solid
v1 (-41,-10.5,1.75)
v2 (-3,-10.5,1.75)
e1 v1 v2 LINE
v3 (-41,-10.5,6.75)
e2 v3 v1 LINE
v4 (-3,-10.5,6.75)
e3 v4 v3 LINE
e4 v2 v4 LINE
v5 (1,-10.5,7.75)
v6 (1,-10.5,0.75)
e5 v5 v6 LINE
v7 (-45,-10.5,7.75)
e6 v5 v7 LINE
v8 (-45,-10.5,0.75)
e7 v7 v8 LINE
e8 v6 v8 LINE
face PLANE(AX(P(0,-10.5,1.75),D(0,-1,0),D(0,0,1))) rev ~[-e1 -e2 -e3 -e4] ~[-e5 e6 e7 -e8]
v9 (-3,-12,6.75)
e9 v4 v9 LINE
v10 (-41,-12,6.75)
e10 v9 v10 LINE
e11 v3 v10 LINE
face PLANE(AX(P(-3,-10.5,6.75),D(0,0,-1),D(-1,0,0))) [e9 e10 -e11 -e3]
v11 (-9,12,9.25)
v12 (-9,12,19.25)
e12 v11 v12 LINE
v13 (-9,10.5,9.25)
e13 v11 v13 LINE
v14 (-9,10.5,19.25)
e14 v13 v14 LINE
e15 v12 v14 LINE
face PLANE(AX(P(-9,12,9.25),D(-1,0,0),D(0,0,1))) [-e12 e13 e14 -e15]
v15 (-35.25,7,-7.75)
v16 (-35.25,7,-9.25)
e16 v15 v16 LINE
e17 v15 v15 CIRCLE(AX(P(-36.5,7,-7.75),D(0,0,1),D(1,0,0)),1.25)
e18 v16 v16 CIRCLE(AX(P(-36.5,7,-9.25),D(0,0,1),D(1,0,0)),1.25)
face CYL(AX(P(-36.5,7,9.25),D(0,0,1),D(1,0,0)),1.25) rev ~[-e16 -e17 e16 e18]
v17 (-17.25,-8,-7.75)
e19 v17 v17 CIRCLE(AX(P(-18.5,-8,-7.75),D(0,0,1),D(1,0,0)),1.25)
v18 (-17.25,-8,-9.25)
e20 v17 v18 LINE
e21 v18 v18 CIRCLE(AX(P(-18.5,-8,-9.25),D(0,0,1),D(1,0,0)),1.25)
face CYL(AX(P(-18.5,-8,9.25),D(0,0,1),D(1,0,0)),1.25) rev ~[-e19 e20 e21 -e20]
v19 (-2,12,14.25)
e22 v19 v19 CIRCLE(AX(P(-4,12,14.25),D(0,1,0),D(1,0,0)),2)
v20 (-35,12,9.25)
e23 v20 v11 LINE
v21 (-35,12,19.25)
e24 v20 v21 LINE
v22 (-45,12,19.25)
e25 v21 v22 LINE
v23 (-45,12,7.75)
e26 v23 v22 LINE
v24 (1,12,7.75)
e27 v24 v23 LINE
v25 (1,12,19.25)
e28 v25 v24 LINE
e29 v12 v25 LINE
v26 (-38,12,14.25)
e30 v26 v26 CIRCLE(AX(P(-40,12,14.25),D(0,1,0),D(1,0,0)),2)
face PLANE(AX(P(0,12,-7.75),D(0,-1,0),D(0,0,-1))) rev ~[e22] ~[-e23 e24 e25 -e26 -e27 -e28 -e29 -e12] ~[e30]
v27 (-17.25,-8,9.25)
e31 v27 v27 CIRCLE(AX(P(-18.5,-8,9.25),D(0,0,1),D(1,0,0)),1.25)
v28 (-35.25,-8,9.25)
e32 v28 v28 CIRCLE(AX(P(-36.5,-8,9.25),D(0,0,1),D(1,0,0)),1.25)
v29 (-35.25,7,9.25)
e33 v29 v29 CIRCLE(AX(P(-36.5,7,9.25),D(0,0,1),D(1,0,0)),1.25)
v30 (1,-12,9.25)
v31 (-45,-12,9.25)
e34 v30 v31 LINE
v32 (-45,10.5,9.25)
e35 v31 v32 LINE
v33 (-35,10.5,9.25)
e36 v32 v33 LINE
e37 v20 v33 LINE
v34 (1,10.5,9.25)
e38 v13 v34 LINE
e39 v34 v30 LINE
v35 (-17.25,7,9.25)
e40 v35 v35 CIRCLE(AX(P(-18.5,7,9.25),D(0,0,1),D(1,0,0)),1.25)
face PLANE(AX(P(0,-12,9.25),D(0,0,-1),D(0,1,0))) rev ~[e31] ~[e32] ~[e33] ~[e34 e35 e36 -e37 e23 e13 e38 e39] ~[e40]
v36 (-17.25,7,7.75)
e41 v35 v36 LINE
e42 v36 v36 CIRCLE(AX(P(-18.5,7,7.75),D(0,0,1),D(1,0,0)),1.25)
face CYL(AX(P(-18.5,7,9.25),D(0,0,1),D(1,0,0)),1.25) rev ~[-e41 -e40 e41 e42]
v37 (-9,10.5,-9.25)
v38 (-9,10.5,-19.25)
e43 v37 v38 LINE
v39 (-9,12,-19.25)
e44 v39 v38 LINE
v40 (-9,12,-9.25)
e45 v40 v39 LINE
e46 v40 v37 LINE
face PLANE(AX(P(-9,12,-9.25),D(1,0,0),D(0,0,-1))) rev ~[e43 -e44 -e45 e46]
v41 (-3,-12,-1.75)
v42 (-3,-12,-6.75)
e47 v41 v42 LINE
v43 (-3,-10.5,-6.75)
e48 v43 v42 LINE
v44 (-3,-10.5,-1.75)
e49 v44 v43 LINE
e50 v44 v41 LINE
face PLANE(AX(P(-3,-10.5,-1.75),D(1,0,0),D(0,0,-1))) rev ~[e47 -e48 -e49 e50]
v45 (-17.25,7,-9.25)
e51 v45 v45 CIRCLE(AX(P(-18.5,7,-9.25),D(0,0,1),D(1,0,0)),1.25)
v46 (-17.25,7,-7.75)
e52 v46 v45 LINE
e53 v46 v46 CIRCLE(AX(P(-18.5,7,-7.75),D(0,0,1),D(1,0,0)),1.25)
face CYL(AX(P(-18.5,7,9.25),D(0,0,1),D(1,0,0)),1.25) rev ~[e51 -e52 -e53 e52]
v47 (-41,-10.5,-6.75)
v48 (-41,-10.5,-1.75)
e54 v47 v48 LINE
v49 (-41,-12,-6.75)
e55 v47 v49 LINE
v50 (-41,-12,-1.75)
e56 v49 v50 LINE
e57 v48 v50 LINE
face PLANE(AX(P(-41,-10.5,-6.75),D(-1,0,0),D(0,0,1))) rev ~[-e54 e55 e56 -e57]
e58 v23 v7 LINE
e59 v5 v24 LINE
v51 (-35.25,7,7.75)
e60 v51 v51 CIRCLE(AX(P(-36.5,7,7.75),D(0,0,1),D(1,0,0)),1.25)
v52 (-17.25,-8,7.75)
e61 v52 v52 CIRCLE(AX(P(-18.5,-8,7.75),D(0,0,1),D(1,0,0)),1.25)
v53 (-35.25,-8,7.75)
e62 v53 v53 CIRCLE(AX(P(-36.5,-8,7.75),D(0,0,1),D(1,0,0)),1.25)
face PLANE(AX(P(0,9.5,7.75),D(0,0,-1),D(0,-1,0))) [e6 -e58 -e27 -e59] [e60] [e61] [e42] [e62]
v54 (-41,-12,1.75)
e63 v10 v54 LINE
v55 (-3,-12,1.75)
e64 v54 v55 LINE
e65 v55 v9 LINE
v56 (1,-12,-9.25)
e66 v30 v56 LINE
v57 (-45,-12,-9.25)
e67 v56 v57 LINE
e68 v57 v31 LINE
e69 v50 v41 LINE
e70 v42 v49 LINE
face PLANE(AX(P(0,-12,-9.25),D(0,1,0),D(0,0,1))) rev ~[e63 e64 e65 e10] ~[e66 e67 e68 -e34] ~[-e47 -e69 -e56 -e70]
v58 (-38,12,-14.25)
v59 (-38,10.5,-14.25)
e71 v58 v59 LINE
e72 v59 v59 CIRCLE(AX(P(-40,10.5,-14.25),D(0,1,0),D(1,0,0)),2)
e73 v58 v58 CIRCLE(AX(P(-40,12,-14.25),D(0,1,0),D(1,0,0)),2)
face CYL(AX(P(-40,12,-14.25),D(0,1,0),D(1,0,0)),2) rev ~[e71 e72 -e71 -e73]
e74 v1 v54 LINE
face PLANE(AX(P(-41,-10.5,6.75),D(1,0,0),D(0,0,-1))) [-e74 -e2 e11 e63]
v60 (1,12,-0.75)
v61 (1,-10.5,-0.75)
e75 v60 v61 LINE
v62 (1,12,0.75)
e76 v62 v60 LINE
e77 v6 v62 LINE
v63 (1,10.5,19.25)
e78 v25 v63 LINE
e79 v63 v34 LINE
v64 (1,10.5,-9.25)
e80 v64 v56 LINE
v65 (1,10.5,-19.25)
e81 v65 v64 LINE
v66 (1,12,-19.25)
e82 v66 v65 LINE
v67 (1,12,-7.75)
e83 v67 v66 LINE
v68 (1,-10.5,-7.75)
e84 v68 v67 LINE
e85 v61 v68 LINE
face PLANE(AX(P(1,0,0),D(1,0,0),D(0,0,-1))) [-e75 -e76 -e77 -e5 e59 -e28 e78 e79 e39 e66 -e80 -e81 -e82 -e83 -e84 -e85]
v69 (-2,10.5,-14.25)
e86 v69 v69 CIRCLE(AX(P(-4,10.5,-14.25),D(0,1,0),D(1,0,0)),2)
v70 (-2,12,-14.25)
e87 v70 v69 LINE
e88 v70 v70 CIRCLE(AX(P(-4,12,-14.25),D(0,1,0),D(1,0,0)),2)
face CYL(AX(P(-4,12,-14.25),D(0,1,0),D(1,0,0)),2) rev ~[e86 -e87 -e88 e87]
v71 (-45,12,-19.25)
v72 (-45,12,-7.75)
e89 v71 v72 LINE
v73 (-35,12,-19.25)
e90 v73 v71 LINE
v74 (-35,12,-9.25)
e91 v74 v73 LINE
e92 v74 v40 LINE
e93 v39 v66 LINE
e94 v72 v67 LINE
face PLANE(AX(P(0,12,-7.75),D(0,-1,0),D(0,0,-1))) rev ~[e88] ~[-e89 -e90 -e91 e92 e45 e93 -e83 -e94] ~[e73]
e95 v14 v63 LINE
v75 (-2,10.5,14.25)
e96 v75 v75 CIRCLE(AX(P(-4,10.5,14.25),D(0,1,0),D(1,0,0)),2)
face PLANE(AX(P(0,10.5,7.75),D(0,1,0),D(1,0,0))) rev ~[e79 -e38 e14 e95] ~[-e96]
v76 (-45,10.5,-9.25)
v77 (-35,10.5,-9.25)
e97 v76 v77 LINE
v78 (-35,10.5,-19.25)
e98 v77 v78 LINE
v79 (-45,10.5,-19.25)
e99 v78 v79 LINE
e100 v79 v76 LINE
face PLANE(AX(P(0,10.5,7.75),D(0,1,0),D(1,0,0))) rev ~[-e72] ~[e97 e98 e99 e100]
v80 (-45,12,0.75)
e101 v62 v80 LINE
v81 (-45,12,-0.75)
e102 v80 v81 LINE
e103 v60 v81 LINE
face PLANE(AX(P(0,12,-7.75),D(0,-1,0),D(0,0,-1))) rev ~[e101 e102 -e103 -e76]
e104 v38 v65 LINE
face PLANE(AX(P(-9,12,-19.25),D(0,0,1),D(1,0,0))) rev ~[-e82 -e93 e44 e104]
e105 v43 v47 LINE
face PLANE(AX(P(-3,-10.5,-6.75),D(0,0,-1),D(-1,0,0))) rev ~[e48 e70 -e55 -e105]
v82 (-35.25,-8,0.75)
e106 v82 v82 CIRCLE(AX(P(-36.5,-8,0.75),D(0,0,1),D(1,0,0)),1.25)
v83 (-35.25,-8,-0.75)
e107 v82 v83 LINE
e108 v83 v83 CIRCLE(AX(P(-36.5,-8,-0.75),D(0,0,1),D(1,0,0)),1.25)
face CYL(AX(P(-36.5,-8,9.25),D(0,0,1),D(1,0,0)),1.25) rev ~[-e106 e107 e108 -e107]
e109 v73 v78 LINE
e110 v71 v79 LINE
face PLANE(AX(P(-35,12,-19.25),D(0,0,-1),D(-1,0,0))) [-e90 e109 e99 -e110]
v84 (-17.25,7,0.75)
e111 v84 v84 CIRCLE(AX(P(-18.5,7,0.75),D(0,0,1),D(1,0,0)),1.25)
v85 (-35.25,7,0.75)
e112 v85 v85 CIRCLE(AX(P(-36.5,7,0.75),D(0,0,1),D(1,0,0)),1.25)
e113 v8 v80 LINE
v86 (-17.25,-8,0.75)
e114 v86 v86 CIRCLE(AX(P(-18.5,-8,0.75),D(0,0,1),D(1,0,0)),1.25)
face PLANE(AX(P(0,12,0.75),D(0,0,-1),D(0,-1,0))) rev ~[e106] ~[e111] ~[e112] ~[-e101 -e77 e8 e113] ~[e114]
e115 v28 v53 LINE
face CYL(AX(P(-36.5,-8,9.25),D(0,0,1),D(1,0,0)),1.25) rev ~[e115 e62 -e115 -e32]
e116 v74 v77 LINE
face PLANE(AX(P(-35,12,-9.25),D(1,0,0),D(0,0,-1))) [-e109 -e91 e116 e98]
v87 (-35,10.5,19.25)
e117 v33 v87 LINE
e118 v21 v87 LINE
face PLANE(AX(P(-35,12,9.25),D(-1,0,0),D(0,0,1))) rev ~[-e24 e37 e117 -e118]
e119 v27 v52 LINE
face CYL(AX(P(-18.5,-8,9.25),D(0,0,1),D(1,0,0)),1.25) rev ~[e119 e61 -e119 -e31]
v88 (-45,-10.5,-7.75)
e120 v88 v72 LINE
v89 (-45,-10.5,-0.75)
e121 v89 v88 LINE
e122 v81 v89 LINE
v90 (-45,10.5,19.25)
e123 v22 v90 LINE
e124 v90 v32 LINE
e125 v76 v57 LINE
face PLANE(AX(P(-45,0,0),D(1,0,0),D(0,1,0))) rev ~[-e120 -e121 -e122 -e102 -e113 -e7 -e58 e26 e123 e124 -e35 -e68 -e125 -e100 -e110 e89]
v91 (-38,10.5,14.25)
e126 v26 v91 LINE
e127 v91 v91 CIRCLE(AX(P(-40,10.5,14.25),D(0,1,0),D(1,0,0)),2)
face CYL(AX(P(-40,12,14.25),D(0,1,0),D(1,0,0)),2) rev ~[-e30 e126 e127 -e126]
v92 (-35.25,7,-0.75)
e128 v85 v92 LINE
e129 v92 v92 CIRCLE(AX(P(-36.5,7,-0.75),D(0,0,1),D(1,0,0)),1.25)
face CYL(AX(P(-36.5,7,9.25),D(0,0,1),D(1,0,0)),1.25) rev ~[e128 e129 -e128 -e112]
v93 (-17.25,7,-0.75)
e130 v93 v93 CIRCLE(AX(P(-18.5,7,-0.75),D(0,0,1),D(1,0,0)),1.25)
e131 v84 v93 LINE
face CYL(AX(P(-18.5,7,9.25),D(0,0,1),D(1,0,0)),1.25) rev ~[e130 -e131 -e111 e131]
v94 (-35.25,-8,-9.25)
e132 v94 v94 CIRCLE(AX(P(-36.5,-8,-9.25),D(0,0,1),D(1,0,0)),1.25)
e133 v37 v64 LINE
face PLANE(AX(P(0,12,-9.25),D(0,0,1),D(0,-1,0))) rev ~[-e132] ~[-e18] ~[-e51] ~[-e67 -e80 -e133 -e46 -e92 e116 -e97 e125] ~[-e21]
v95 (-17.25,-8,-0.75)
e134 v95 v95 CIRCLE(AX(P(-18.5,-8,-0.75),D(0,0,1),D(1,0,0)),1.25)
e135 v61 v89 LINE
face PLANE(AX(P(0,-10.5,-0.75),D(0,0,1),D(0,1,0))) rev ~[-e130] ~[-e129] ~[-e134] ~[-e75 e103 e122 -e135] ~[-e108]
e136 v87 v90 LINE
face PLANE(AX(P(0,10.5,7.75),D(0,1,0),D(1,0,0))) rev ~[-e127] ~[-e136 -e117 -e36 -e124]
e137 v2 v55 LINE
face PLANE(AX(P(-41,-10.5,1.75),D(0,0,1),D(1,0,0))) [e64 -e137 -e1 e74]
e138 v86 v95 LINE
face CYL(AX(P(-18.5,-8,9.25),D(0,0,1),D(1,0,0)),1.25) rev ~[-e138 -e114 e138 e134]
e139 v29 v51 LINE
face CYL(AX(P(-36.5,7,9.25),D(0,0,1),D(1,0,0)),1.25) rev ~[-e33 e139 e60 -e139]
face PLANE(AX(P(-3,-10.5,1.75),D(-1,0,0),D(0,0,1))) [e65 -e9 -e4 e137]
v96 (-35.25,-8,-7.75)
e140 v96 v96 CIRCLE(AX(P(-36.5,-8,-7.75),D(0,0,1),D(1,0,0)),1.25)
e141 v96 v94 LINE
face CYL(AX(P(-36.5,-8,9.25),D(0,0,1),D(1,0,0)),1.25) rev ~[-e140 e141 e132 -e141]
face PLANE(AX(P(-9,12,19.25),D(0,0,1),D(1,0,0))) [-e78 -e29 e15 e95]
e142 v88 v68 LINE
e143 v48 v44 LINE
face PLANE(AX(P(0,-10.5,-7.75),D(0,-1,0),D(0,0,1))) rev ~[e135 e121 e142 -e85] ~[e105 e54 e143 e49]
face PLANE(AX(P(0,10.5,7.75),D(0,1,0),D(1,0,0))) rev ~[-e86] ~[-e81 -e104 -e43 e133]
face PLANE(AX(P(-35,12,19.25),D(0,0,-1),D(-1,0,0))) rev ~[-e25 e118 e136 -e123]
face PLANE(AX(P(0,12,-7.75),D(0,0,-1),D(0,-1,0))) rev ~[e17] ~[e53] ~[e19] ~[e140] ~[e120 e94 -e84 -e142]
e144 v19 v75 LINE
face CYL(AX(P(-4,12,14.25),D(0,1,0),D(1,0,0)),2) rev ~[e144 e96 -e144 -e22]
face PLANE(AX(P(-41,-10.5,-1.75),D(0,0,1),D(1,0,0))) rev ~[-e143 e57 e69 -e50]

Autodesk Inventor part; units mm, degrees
ref_plane "YZ Plane" through (0, 0, 0) normal (1, 0, 0) x (0, 1, 0)
ref_plane "XZ Plane" through (0, 0, 0) normal (0, 1, 0) x (-1, 0, 0)
ref_plane "XY Plane" through (0, 0, 0) normal (0, 0, 1) x (1, 0, 0)
sketch "스케치1" plane through (0, 0, 0) normal (1, 0, 0) x (0, 1, 0)
  line L0 (12, -9.25) -> (-12, -9.25)
  line L1 (-12, -9.25) -> (-12, 9.25)
  line L2 (-12, 9.25) -> (12, 9.25)
  line L3 (12, 9.25) -> (12, -9.25)
  line L4 (12, -9.25) -> (-12, 9.25) construction
  line L5 (-12, -9.25) -> (12, 9.25) construction
  line L6 (12, 7.75) -> (-10.5, 7.75)
  line L7 (-10.5, 7.75) -> (-10.5, 0.75)
  line L8 (-10.5, 0.75) -> (12, 0.75)
  line L9 (12, 0.75) -> (12, 7.75)
  line L10 (-10.5, -7.75) -> (12, -7.75)
  line L11 (-10.5, -0.75) -> (-10.5, -7.75)
  line L12 (12, -0.75) -> (-10.5, -0.75)
  line L13 (12, 9.25) -> (13.5, 9.25)
  line L14 (13.5, 9.25) -> (13.5, -9.25)
  line L15 (13.5, -9.25) -> (12, -9.25)
  line L16 (12, -9.25) -> (12, 9.25)
  point P0 (0, 0)
  point P1 (12, -7.75)
  point P2 (12, -0.75)
  point P3 (-10, 7.75)
  point P4 (-10, -7.75)
  point P5 (-10, 0.75)
  point P6 (-10, -0.75)
  point P7 (-10, -0.75)
  point P8 (-10, -7.75)
  point P9 (12, 7.75)
  point P10 (12, -7.75)
  dimension "d0" = 24
  dimension "d1" = 18.5
  dimension "d2" = 22.5
  dimension "d3" = 7
  dimension "d4" = 1.5
  dimension "d7" = 8.5
  dimension "d18" = 1.5
extrude "돌출1" add sketch "스케치1" against normal blind 45 contours L0 L1 L2 L3 L6 L7 L8 L12 L11 L10
sketch "스케치2" plane through (0, 0, 0) normal (1, 0, 0) x (0, 0, -1)
  line L0 (-9.25, -12) -> (9.25, -12) projected
  line L1 (-9.25, 12) -> (-9.25, -12) projected
  line L2 (-9.25, 12) -> (9.25, 12)
  line L3 (9.25, 12) -> (9.25, -12)
  line L4 (9.25, -12) -> (-9.25, -12)
  line L5 (-9.25, -12) -> (-9.25, 12)
  line L6 (9.25, 12) -> (-9.25, 12)
  line L7 (-9.25, 12) -> (-7.75, 12) projected
  point P0 (0, 0)
extrude "돌출2" add sketch "스케치2" along normal blind 1
sketch "스케치4" plane through (-45, -12, 9.25) normal (0, 0, 1) x (1, 0, 0)
  circle A0 centre (8.5, 19) radius 1.25 projected
  circle A1 centre (26.5, 19) radius 1.25 projected
  circle A2 centre (26.5, 4) radius 1.25 projected
  circle A3 centre (8.5, 4) radius 1.25 projected
  point P0 (45, 12)
extrude "돌출3" cut sketch "스케치4" against normal blind 45
sketch "스케치9" plane through (0, 12, 7.75) normal (0, 1, 0) x (1, 0, 0)
  line L0 (-45, 7) -> (-45, 8.5) projected
  line L1 (0, 7) -> (-45, 7) projected
  line L2 (-45, -1.5) -> (1, -1.5) projected
  line L3 (-45, 17) -> (1, 17) projected
  line L4 (-45, 17) -> (-35, 17)
  line L5 (-45, -1.5) -> (-35, -1.5)
  line L6 (-35, -1.5) -> (-35, -11.5)
  line L7 (-35, -11.5) -> (-45, -11.5)
  line L8 (-45, -11.5) -> (-45, -1.5)
  circle A0 centre (-40, -6.5) radius 2
  line L9 (-45, 7.75) -> (0, 7.75) construction
  line L10 (-22, -1.5) -> (-22, 17) construction
  line L11 (-35, 17) -> (-35, 27)
  line L12 (-35, 27) -> (-45, 27)
  line L13 (-45, 27) -> (-45, 17)
  circle A1 centre (-40, 22) radius 2
  line L14 (-45, 17) -> (-35, 17)
  line L15 (1, 17) -> (-9, 17)
  line L16 (1, -1.5) -> (-9, -1.5)
  line L17 (-9, -1.5) -> (-9, -11.5)
  line L18 (-9, -11.5) -> (1, -11.5)
  line L19 (1, -11.5) -> (1, -1.5)
  circle A2 centre (-4, -6.5) radius 2
  circle A3 centre (-4, 22) radius 2
  line L20 (-9, 17) -> (-9, 27)
  line L21 (-9, 27) -> (1, 27)
  line L22 (1, 27) -> (1, 17)
  line L23 (1, 17) -> (-9, 17)
  point P0 (-9, 17)
  dimension "d31" = 10
  dimension "d32" = 10
  dimension "d33" = 4
  dimension "d34" = 5
  dimension "d35" = 5
extrude "돌출6" add sketch "스케치9" against normal blind 1.5
sketch "스케치10" plane through (0, 0, 0) normal (-1, 0, 0) x (0, 0, 1)
  line L0 (-0.75, -10.5) -> (-0.75, 12) projected
  line L1 (-7.75, 12) -> (-0.75, 12) projected
  line L2 (-7.75, 12) -> (-7.75, -10.5) projected
  line L3 (-7.75, -10.5) -> (-0.75, -10.5) projected
  line L4 (1.75, 9.5) -> (1.75, -10.5) projected
  line L5 (1.75, -10.5) -> (7.75, -10.5) projected
  line L6 (7.75, 9.5) -> (7.75, -10.5) projected
  line L7 (1.75, 9.5) -> (7.75, 9.5) projected
  line L8 (0.75, 12) -> (0.75, -10.5) projected
  line L9 (0.75, -10.5) -> (7.75, -10.5) projected
  line L10 (7.75, -10.5) -> (7.75, 12) projected
  line L11 (0.75, 12) -> (7.75, 12) projected
  point P0 (0, 0)
  point P1 (1.75, -10.5)
  point P2 (1.75, 10.75)
  point P3 (7.75, 9.5)
extrude "돌출7" cut sketch "스케치10" against normal blind 10
sketch "스케치11" plane through (-45, -10.5, 7.75) normal (0, 1, 0) x (1, 0, 0)
  line L0 (0, 15.5) -> (46, 15.5) projected
  line L1 (0, 8.5) -> (0, 15.5) projected
  line L2 (46, 15.5) -> (46, 8.5) projected
  line L3 (0, 8.5) -> (0, 7)
  line L4 (46, 8.5) -> (0, 8.5) projected
  line L5 (46, 8.5) -> (46, 7)
  line L6 (0, 7.75) -> (46, 7.75) construction
  line L7 (23, 15.5) -> (23, 8.5) construction
  line L8 (0, 12) -> (46, 12) construction
  line L9 (4, 9.5) -> (42, 9.5)
  line L10 (42, 9.5) -> (42, 14.5)
  line L11 (42, 14.5) -> (4, 14.5)
  line L12 (4, 14.5) -> (4, 9.5)
  line L13 (4, 9.5) -> (42, 14.5) construction
  line L14 (42, 9.5) -> (4, 14.5) construction
  line L15 (4, 6) -> (42, 6)
  line L16 (42, 6) -> (42, 1)
  line L17 (42, 1) -> (4, 1)
  line L18 (4, 1) -> (4, 6)
  line L19 (0, 7.75) -> (46, 7.75) construction
  line L20 (0, 8.5) -> (46, 8.5) projected
  point P0 (45, 7.75)
  point P1 (23, 12)
  dimension "d40" = 1
  dimension "d41" = 4
extrude "돌출8" cut sketch "스케치11" against normal blind 10 contours L12 L11 L10 L9 | L15 L16 L17 L18
properties part number "convertor_base" material "고무, 검은색"
